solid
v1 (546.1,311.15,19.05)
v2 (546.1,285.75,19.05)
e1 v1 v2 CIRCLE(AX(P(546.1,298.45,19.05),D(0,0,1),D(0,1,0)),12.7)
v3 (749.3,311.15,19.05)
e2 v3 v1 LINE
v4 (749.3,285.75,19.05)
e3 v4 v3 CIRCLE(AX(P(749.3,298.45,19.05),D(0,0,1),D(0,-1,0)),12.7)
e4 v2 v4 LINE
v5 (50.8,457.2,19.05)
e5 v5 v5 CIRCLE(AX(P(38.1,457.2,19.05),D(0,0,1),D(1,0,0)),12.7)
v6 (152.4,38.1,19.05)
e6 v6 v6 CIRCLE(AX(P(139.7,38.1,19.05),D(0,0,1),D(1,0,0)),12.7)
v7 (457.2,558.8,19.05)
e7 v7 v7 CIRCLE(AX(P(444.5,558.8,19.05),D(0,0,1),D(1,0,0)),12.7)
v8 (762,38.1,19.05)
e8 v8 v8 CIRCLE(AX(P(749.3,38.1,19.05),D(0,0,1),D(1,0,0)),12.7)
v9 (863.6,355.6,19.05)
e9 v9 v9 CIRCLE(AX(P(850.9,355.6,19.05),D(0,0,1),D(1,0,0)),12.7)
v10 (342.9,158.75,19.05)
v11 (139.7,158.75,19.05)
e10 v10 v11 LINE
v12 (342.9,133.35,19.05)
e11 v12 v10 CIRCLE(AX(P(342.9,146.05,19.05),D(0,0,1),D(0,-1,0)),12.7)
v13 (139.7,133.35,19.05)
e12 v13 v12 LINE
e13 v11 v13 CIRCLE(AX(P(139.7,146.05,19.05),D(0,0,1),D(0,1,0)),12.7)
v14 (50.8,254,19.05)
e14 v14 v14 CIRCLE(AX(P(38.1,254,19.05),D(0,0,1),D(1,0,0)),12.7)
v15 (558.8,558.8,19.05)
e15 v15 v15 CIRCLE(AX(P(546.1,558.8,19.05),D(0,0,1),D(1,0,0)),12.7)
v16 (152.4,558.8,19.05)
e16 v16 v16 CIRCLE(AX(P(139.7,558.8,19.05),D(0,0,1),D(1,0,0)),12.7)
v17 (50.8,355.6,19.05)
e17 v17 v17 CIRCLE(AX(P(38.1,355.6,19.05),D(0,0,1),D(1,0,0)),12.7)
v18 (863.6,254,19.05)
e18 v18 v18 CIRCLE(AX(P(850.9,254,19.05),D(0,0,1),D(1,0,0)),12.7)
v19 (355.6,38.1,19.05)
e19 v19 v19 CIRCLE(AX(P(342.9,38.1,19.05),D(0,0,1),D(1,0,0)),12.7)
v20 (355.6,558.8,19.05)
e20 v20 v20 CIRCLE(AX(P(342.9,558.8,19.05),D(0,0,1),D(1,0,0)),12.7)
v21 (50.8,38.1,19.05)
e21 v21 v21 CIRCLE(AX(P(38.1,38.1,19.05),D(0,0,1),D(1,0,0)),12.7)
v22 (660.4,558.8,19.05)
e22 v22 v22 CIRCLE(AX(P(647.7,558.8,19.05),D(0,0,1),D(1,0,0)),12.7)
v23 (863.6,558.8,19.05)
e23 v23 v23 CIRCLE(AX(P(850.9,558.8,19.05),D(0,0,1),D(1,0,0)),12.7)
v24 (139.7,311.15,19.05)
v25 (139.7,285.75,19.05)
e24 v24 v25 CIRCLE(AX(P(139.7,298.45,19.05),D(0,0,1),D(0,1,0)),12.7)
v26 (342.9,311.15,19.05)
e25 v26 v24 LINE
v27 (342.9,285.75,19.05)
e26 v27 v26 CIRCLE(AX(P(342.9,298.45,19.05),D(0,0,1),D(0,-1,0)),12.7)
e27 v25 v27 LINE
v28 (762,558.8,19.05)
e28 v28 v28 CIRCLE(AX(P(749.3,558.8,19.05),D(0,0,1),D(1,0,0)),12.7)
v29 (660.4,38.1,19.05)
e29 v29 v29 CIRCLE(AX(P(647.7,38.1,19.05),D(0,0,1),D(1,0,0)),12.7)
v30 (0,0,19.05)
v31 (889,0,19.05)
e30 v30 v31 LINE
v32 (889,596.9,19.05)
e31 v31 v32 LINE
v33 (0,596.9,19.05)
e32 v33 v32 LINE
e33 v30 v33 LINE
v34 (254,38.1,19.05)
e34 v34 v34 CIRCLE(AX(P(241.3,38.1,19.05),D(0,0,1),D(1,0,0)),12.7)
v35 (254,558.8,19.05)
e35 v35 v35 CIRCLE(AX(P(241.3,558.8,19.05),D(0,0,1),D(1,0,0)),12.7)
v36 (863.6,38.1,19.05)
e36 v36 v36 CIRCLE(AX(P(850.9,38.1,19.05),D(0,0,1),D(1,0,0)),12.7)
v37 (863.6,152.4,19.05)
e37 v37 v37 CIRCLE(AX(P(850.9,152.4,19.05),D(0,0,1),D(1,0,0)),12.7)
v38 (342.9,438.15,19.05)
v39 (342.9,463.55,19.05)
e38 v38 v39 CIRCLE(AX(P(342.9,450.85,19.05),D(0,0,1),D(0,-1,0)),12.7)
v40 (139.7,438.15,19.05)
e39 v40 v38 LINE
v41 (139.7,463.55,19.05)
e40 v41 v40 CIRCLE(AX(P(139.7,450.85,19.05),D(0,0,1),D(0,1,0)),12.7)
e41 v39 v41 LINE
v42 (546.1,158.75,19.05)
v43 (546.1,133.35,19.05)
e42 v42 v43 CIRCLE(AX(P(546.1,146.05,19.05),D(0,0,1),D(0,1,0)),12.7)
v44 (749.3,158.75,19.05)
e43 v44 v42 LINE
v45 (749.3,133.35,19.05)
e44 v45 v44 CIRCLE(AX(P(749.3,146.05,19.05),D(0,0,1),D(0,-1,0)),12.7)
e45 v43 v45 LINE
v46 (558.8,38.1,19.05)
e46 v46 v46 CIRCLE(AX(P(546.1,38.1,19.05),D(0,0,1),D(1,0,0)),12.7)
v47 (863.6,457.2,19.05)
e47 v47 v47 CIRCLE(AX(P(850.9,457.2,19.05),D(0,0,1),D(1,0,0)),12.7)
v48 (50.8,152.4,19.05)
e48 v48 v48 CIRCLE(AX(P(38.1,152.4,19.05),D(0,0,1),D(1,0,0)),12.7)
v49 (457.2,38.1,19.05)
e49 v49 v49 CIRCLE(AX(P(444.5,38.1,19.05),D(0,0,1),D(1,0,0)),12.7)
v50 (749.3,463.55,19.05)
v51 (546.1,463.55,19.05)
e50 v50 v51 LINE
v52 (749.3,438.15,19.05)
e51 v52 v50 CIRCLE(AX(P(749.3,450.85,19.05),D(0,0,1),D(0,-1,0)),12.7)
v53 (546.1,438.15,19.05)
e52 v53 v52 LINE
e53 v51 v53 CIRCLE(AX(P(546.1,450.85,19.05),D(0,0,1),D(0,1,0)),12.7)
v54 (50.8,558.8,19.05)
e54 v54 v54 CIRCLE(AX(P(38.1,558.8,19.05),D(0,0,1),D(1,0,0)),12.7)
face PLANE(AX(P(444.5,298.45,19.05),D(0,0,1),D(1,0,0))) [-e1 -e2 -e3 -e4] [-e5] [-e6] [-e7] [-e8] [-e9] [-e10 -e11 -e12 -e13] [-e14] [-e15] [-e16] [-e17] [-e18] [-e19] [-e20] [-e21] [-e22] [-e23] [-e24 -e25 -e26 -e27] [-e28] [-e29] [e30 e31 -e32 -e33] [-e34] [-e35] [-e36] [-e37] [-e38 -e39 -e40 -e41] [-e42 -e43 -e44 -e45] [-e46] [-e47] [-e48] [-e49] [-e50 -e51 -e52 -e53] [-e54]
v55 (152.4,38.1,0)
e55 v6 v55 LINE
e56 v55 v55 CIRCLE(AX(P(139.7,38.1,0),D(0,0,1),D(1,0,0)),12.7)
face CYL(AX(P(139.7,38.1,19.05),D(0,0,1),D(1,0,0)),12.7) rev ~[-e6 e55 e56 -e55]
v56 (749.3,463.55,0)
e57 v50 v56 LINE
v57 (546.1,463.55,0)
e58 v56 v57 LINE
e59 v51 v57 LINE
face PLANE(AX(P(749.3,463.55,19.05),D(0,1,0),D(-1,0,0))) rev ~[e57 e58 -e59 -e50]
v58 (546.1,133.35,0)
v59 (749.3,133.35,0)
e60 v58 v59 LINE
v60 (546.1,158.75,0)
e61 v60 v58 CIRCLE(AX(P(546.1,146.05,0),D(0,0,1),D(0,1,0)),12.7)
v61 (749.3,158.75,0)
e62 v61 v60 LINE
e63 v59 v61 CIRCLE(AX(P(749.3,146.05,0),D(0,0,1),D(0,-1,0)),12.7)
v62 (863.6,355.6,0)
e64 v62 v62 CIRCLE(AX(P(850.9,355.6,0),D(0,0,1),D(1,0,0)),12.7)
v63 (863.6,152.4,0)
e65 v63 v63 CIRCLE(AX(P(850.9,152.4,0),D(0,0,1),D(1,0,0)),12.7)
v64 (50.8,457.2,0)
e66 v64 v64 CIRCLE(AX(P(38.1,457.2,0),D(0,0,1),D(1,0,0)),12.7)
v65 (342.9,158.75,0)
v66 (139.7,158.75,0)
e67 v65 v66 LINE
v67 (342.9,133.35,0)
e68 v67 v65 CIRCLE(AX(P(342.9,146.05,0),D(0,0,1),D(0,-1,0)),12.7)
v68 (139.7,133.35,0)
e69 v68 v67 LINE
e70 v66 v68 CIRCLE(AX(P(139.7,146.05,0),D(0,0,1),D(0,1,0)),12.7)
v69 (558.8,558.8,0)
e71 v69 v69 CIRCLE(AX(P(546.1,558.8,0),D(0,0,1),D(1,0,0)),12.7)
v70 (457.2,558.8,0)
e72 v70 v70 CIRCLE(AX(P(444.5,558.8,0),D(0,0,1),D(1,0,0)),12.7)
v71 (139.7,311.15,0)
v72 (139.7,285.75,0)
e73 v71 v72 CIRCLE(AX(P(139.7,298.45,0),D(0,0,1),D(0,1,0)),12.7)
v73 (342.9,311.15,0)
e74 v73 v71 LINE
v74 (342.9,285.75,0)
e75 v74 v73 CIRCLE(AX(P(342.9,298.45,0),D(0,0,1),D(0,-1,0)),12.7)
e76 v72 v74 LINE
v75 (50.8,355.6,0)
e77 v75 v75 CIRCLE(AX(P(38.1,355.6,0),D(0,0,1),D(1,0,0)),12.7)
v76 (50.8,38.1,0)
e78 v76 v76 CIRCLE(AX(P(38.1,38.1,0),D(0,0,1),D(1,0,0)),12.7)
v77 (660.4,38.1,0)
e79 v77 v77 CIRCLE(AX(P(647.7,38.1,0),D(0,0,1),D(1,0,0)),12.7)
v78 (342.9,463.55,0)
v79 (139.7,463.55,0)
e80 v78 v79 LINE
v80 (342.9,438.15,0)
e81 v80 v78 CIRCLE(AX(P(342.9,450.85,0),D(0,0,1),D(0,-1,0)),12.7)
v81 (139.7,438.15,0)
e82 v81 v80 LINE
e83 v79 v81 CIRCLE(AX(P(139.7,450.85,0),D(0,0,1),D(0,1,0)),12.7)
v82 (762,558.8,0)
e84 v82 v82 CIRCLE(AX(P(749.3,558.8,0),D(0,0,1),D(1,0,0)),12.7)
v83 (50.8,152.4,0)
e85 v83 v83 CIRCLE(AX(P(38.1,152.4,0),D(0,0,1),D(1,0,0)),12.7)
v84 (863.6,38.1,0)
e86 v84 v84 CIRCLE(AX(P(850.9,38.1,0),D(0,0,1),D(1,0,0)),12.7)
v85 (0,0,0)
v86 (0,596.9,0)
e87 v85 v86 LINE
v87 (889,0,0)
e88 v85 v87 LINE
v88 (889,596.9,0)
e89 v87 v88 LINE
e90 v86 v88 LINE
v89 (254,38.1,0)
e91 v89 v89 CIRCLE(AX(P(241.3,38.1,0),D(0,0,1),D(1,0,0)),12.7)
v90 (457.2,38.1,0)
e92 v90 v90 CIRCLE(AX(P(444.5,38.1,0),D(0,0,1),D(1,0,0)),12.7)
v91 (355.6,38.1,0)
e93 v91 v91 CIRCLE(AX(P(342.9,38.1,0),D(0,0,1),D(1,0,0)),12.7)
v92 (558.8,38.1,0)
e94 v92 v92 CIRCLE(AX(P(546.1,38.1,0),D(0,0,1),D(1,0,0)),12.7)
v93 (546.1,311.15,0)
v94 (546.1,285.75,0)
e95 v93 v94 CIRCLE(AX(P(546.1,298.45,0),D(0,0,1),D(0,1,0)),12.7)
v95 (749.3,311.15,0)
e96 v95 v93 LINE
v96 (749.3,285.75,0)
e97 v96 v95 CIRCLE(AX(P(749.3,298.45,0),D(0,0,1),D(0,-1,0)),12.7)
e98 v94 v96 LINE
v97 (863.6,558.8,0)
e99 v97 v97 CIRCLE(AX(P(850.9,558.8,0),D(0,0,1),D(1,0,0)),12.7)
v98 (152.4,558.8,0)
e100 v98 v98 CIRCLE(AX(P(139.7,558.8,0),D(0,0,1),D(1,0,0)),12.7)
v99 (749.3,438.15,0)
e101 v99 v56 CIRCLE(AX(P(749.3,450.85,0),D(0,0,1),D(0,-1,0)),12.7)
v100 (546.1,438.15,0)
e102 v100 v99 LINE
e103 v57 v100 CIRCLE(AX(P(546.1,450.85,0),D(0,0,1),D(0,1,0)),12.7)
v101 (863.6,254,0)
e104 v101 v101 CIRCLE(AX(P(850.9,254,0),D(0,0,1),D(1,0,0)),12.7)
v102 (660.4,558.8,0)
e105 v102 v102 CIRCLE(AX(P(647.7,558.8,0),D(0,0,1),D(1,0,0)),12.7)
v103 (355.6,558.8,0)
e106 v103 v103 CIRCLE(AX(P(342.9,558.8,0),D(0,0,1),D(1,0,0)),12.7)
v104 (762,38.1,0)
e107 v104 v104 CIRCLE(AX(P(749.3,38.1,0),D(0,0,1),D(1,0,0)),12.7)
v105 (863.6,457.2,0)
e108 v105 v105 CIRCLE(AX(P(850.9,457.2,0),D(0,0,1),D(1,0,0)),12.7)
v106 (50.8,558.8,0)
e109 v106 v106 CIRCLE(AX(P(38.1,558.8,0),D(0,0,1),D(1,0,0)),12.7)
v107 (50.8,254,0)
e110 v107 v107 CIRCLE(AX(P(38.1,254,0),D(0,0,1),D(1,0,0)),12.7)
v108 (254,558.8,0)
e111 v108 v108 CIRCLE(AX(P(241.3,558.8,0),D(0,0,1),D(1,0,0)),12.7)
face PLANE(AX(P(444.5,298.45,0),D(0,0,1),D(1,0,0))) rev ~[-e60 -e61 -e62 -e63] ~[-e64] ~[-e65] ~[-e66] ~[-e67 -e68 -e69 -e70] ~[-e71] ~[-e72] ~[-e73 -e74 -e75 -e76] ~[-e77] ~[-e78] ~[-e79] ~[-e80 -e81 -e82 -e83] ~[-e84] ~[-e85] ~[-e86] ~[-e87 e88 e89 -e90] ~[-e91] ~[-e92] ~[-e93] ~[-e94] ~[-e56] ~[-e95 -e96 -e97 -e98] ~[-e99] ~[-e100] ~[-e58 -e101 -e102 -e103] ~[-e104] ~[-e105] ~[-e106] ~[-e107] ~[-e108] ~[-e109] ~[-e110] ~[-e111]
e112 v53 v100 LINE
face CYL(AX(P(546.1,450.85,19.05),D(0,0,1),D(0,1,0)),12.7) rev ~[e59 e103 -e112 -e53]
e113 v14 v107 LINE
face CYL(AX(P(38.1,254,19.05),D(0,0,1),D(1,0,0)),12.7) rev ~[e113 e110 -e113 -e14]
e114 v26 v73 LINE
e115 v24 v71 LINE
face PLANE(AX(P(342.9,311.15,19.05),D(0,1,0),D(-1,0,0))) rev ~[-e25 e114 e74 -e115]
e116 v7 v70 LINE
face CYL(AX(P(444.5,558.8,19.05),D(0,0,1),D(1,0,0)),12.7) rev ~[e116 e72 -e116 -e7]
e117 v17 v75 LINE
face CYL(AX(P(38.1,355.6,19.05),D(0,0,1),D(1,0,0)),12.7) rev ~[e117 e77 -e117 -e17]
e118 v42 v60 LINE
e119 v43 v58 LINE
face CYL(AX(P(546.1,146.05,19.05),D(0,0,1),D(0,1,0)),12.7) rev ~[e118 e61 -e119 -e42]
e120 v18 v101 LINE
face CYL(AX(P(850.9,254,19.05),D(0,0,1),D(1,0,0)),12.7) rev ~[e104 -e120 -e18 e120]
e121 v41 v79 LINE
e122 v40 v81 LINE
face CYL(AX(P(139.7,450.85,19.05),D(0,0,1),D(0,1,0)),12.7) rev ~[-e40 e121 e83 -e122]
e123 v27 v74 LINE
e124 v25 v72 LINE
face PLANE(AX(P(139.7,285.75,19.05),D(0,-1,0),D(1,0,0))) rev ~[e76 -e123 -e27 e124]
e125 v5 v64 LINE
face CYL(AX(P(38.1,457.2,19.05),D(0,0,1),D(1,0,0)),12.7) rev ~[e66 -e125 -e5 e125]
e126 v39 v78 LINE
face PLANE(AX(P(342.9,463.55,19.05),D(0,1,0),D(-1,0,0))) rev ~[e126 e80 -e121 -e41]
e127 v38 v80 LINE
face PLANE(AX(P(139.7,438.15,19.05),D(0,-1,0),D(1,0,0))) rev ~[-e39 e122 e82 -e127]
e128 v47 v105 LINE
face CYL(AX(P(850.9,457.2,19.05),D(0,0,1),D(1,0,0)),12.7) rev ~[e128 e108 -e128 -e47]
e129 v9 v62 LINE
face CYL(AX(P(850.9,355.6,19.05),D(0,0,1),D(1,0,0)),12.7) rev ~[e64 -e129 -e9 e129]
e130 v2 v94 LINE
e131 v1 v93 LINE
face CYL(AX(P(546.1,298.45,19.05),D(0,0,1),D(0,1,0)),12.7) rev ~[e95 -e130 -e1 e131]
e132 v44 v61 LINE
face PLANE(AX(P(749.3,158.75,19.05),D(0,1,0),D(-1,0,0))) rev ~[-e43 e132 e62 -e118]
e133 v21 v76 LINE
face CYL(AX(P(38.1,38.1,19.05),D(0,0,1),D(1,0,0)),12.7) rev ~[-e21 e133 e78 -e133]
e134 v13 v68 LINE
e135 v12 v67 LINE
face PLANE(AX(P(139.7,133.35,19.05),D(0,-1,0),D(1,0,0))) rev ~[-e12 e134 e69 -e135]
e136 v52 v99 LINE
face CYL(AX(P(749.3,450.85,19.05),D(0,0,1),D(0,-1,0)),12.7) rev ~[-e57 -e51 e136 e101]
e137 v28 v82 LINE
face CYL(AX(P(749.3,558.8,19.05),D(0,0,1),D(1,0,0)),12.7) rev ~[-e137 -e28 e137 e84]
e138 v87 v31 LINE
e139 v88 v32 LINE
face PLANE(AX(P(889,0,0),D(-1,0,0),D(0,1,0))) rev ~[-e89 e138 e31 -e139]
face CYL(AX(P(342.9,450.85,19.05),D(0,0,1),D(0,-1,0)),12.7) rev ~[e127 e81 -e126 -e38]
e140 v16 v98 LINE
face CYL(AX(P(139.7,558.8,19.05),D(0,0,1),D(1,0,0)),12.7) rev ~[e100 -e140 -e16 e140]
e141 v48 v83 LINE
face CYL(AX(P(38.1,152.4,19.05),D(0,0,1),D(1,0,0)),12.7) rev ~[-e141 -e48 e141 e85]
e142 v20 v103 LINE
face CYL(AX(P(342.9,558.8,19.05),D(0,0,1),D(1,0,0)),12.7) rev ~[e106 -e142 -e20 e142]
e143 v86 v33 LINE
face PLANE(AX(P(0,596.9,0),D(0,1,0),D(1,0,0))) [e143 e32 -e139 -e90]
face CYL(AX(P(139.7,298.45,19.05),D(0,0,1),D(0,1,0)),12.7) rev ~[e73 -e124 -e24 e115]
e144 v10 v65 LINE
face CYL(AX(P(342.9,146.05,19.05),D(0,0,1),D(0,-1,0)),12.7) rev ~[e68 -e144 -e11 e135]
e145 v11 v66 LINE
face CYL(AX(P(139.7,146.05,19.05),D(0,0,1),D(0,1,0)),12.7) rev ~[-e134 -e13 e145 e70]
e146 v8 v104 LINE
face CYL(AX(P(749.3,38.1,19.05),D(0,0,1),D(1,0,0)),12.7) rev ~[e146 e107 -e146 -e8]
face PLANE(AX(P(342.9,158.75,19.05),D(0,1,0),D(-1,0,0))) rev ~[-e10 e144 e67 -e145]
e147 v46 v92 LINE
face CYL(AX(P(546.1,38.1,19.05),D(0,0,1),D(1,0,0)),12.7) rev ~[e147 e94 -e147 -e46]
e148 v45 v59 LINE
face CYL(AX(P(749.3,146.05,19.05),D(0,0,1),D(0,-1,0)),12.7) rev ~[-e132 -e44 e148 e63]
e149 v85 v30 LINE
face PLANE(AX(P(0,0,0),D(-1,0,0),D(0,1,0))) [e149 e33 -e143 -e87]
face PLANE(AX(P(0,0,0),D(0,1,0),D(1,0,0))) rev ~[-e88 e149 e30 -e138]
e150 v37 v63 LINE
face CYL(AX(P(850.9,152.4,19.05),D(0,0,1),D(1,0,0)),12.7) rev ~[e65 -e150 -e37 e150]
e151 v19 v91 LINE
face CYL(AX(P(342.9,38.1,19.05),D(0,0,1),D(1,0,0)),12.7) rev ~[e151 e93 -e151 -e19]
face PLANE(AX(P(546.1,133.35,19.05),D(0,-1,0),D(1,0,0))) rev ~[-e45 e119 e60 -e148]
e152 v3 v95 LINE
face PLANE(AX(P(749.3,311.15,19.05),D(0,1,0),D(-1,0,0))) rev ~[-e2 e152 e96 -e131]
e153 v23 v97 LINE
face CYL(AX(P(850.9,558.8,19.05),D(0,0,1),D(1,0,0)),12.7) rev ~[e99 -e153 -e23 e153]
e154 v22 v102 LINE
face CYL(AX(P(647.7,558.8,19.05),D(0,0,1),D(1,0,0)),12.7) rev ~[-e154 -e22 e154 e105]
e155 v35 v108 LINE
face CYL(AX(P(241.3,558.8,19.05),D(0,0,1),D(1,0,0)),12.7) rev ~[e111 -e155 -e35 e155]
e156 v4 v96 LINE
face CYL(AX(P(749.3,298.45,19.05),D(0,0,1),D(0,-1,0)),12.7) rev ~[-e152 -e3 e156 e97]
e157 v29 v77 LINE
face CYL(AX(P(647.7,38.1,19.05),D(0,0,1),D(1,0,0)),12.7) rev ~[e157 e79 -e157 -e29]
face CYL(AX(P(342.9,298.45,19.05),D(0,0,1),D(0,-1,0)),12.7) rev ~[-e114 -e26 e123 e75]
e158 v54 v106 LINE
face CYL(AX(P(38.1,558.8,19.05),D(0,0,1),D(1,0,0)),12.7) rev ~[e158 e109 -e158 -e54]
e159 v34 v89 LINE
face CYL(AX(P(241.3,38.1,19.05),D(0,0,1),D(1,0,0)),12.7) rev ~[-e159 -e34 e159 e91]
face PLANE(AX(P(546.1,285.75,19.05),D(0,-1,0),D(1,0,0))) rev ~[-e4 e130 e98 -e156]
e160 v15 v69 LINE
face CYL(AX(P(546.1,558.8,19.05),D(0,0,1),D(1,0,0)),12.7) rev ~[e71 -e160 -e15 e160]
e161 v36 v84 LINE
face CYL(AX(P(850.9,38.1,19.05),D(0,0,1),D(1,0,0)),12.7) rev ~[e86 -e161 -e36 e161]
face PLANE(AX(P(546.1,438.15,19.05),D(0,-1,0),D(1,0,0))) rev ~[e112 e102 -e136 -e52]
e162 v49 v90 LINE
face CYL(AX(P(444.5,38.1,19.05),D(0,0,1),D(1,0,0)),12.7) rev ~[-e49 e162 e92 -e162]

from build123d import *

# Parameters (mm, degrees)
F0_W     = 889
F0_H     = 596.9
F1_DEPTH = 19.05
F3_R     = 12.7
F4_DEPTH = 25.4
F5_DEPTH = 25.4


with BuildPart() as f1:
    # F0 (on Top) → F1 (new body)
    with BuildSketch(Plane.XY):
        with Locations((444.5, 298.45)):
            Rectangle(F0_W, F0_H)
    extrude(amount=F1_DEPTH)

    # F3 (on face) → F4 (cut)
    with BuildSketch(Plane.XY.offset(19.05)):
        with Locations((38.1, 558.8)):
            Circle(F3_R)
        with Locations((139.7, 558.8)):
            Circle(F3_R)
        with Locations((241.3, 558.8)):
            Circle(F3_R)
        with Locations((342.9, 558.8)):
            Circle(F3_R)
        with Locations((444.5, 558.8)):
            Circle(F3_R)
        with Locations((546.1, 558.8)):
            Circle(F3_R)
        with Locations((647.7, 558.8)):
            Circle(F3_R)
        with Locations((749.3, 558.8)):
            Circle(F3_R)
        with Locations((850.9, 558.8)):
            Circle(F3_R)
        with Locations((342.9, 38.1)):
            Circle(F3_R)
        with Locations((850.9, 38.1)):
            Circle(F3_R)
        with Locations((139.7, 38.1)):
            Circle(F3_R)
        with Locations((241.3, 38.1)):
            Circle(F3_R)
        with Locations((647.7, 38.1)):
            Circle(F3_R)
        with Locations((749.3, 38.1)):
            Circle(F3_R)
        with Locations((38.1, 38.1)):
            Circle(F3_R)
        with Locations((444.5, 38.1)):
            Circle(F3_R)
        with Locations((546.1, 38.1)):
            Circle(F3_R)
        with Locations((38.1, 457.2)):
            Circle(F3_R)
        with Locations((38.1, 355.6)):
            Circle(F3_R)
        with Locations((38.1, 254)):
            Circle(F3_R)
        with Locations((38.1, 152.4)):
            Circle(F3_R)
        with Locations((850.9, 152.4)):
            Circle(F3_R)
        with Locations((850.9, 254)):
            Circle(F3_R)
        with Locations((850.9, 355.6)):
            Circle(F3_R)
        with Locations((850.9, 457.2)):
            Circle(F3_R)
    extrude(amount=-F4_DEPTH, mode=Mode.SUBTRACT)

    # F2 (on face) → F5 (cut)
    with BuildSketch(Plane.XY.offset(19.05)):
        with BuildLine():
            ThreePointArc((139.7, 463.55), (127, 450.85), (139.7, 438.15))
            Line((139.7, 438.15), (342.9, 438.15))
            ThreePointArc((342.9, 438.15), (355.6, 450.85), (342.9, 463.55))
            Line((342.9, 463.55), (139.7, 463.55))
        make_face()
        with BuildLine():
            ThreePointArc((749.3, 438.15), (762, 450.85), (749.3, 463.55))
            Line((749.3, 463.55), (546.1, 463.55))
            ThreePointArc((546.1, 463.55), (533.4, 450.85), (546.1, 438.15))
            Line((546.1, 438.15), (749.3, 438.15))
        make_face()
        with BuildLine():
            Line((342.9, 311.15), (139.7, 311.15))
            ThreePointArc((139.7, 311.15), (127, 298.45), (139.7, 285.75))
            Line((139.7, 285.75), (342.9, 285.75))
            ThreePointArc((342.9, 285.75), (355.6, 298.45), (342.9, 311.15))
        make_face()
        with BuildLine():
            Line((749.3, 311.15), (546.1, 311.15))
            ThreePointArc((546.1, 311.15), (533.4, 298.45), (546.1, 285.75))
            Line((546.1, 285.75), (749.3, 285.75))
            ThreePointArc((749.3, 285.75), (762, 298.45), (749.3, 311.15))
        make_face()
        with BuildLine():
            Line((139.7, 133.35), (342.9, 133.35))
            ThreePointArc((342.9, 133.35), (355.6, 146.05), (342.9, 158.75))
            Line((342.9, 158.75), (139.7, 158.75))
            ThreePointArc((139.7, 158.75), (127, 146.05), (139.7, 133.35))
        make_face()
        with BuildLine():
            ThreePointArc((546.1, 158.75), (533.4, 146.05), (546.1, 133.35))
            Line((546.1, 133.35), (749.3, 133.35))
            ThreePointArc((749.3, 133.35), (762, 146.05), (749.3, 158.75))
            Line((749.3, 158.75), (546.1, 158.75))
        make_face()
    extrude(amount=-F5_DEPTH, mode=Mode.SUBTRACT)


solid = f1.part
